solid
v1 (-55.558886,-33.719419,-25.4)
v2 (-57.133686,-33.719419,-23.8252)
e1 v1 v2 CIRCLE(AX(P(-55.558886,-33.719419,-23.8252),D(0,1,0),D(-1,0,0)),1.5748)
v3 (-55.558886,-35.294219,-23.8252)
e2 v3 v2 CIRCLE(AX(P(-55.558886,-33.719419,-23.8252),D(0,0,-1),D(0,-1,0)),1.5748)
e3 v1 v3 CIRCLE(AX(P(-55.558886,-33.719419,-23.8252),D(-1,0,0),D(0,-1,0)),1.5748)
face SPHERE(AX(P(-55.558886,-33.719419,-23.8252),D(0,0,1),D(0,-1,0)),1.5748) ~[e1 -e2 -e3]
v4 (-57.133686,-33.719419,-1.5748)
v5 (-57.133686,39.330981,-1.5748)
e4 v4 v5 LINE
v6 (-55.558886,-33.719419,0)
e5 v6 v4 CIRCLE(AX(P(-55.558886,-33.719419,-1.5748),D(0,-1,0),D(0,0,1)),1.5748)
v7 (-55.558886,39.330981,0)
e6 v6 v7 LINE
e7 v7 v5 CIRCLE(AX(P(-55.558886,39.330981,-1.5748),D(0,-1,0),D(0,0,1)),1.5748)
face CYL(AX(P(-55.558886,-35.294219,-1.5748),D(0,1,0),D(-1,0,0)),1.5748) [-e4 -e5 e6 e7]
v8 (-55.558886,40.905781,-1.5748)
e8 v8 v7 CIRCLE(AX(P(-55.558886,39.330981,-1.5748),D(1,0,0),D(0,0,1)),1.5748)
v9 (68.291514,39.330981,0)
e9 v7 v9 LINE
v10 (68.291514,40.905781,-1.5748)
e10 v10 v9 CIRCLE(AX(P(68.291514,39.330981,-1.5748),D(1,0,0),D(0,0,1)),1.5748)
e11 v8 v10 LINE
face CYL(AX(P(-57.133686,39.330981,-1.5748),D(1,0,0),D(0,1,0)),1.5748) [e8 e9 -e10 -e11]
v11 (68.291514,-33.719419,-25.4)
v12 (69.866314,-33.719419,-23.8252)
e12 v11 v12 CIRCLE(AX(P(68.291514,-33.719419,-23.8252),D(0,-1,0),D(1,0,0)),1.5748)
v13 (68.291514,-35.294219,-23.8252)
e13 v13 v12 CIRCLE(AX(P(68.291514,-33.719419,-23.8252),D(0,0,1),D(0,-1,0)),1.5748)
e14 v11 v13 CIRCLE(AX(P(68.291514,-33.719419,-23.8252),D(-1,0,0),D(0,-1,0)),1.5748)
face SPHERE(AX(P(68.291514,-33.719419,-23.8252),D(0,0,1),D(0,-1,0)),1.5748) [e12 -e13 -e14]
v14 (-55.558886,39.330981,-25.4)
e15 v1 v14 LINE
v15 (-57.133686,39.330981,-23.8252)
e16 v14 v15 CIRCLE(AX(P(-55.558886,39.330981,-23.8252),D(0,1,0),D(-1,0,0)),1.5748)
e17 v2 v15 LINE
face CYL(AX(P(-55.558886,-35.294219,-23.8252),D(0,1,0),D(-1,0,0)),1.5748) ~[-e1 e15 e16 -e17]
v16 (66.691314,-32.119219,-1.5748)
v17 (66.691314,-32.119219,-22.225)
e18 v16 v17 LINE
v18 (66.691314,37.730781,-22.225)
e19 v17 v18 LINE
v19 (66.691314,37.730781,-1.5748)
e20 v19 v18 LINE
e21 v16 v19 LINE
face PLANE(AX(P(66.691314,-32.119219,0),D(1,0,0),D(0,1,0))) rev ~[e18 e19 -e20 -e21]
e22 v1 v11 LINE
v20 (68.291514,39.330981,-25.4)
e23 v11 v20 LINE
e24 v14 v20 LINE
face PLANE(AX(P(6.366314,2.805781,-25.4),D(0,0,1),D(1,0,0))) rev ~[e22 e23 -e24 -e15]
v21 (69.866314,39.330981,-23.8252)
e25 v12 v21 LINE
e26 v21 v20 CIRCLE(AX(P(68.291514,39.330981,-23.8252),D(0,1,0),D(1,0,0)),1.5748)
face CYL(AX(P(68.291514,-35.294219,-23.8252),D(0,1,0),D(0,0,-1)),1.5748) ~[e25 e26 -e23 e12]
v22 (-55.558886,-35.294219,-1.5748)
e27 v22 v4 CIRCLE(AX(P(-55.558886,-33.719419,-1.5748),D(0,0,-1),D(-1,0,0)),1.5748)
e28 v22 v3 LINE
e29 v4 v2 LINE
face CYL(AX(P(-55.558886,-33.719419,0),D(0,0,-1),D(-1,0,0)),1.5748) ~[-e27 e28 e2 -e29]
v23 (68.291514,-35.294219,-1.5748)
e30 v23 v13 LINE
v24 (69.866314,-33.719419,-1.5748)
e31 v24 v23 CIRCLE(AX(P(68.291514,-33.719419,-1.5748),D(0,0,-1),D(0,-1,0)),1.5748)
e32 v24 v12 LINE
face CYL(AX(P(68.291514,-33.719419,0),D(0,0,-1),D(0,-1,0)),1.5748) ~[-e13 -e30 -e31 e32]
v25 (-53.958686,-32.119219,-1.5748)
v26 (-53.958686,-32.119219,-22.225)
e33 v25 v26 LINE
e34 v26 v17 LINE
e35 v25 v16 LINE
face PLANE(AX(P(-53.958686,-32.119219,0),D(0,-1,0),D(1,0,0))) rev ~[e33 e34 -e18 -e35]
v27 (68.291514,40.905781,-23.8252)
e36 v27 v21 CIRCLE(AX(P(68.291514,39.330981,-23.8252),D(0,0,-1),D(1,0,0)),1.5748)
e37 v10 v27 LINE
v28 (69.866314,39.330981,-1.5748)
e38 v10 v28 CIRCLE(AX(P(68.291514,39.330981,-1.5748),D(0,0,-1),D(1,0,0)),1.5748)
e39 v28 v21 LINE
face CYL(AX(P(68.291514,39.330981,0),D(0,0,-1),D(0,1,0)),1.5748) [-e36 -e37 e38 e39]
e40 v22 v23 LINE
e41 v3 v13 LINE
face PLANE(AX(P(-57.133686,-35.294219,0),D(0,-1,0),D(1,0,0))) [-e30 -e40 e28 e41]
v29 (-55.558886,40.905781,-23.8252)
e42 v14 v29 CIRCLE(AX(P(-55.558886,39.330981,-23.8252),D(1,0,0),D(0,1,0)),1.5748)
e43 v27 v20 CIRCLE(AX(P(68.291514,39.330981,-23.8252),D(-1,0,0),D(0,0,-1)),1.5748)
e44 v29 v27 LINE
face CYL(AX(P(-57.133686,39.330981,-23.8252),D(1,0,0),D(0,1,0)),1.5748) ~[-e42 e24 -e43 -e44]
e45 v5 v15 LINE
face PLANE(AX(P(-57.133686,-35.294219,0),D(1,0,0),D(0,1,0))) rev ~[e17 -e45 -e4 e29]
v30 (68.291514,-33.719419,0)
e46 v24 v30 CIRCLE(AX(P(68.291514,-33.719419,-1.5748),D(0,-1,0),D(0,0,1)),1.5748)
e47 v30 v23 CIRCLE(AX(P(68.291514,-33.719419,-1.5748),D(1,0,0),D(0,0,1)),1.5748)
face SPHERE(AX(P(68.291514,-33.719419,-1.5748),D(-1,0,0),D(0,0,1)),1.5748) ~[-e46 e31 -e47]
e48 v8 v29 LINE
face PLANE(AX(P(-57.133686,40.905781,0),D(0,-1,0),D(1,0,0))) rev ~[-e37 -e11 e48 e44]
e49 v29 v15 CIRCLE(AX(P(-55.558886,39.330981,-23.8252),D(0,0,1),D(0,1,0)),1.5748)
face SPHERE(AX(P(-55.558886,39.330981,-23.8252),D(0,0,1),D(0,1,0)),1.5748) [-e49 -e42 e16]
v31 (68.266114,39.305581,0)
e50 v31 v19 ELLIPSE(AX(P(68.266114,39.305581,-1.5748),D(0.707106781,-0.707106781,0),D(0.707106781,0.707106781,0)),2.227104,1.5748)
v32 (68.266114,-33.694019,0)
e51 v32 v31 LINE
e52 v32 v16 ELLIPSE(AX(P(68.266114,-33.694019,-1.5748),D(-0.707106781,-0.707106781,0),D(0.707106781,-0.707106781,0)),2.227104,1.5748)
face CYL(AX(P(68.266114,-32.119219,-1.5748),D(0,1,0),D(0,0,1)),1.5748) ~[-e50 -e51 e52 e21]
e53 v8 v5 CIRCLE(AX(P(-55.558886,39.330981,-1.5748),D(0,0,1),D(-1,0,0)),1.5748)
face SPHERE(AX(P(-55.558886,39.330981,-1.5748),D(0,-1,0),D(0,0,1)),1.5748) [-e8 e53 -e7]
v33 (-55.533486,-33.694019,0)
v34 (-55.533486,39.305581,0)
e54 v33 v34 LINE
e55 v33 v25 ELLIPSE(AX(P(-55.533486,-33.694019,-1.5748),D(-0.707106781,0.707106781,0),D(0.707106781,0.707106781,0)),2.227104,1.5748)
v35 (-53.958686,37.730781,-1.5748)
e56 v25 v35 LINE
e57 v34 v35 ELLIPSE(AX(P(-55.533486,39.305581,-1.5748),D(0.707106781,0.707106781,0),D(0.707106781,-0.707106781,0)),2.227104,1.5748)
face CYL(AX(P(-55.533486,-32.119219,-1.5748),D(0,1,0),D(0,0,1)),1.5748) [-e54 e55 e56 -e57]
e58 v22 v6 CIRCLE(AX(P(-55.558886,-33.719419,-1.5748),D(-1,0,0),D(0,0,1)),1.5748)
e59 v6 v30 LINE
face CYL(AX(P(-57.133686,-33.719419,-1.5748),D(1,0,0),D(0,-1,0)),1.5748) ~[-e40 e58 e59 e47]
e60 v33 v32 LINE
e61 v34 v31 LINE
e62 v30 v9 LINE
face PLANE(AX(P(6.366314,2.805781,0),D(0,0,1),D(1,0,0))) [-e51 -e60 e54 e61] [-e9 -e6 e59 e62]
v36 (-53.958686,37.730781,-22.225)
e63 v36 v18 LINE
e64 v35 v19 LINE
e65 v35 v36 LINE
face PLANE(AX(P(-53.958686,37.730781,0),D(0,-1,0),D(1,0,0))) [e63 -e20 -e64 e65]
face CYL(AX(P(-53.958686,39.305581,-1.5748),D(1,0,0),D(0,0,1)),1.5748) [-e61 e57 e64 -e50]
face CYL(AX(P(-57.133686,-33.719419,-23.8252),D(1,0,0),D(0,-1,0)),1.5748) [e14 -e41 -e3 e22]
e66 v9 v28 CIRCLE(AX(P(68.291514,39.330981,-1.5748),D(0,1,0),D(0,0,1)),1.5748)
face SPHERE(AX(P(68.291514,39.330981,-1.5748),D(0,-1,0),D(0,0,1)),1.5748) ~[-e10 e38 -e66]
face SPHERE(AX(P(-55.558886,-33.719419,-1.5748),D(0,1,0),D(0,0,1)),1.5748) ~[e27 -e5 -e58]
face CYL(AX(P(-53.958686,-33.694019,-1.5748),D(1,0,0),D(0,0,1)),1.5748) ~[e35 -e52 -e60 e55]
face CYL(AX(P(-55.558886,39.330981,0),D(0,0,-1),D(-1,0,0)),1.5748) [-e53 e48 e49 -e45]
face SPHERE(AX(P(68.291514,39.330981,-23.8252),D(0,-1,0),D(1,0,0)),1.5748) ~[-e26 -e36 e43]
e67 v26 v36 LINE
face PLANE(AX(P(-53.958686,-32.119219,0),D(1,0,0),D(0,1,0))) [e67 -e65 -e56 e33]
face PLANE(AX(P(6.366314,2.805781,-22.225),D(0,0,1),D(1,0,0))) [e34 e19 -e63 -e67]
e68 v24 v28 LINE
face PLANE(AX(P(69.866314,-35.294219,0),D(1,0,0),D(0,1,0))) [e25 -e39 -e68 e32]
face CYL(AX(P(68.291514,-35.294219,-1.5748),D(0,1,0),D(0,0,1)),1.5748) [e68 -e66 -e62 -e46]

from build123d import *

# Parameters (mm, degrees)
F0_W     = 127
F0_H     = 76.2
F1_DEPTH = 25.4
F2_W     = 120.65
F2_H     = 69.85
F3_DEPTH = 22.225
F4_R     = 1.5748


with BuildPart() as f1:
    # F0 (on Top) → F1 (new body)
    with BuildSketch(Plane.XY):
        with Locations((6.366314, 2.805781)):
            Rectangle(F0_W, F0_H)
    extrude(amount=-F1_DEPTH)

    # F2 (on face) → F3 (cut)
    with BuildSketch(Plane.XY):
        with Locations((6.366314, 2.805781)):
            Rectangle(F2_W, F2_H)
    extrude(amount=-F3_DEPTH, mode=Mode.SUBTRACT)

    # F4
    f4_edges = [f1.edges().sort_by_distance(p)[0] for p in [
        (-57.133686, 2.805781, 0),
        (6.366314, -35.294219, 0),
        (69.866314, 2.805781, 0),
        (6.366314, 40.905781, 0),
        (6.366314, 37.730781, 0),
        (-53.958686, 2.805781, 0),
        (6.366314, -32.119219, 0),
        (66.691314, 2.805781, 0),
        (69.866314, -35.294219, -12.7),
        (-57.133686, -35.294219, -12.7),
        (6.366314, -35.294219, -25.4),
        (69.866314, 2.805781, -25.4),
        (69.866314, 40.905781, -12.7),
        (-57.133686, 40.905781, -12.7),
        (6.366314, 40.905781, -25.4),
        (-57.133686, 2.805781, -25.4),
    ]]
    fillet(f4_edges, radius=F4_R)


solid = f1.part
